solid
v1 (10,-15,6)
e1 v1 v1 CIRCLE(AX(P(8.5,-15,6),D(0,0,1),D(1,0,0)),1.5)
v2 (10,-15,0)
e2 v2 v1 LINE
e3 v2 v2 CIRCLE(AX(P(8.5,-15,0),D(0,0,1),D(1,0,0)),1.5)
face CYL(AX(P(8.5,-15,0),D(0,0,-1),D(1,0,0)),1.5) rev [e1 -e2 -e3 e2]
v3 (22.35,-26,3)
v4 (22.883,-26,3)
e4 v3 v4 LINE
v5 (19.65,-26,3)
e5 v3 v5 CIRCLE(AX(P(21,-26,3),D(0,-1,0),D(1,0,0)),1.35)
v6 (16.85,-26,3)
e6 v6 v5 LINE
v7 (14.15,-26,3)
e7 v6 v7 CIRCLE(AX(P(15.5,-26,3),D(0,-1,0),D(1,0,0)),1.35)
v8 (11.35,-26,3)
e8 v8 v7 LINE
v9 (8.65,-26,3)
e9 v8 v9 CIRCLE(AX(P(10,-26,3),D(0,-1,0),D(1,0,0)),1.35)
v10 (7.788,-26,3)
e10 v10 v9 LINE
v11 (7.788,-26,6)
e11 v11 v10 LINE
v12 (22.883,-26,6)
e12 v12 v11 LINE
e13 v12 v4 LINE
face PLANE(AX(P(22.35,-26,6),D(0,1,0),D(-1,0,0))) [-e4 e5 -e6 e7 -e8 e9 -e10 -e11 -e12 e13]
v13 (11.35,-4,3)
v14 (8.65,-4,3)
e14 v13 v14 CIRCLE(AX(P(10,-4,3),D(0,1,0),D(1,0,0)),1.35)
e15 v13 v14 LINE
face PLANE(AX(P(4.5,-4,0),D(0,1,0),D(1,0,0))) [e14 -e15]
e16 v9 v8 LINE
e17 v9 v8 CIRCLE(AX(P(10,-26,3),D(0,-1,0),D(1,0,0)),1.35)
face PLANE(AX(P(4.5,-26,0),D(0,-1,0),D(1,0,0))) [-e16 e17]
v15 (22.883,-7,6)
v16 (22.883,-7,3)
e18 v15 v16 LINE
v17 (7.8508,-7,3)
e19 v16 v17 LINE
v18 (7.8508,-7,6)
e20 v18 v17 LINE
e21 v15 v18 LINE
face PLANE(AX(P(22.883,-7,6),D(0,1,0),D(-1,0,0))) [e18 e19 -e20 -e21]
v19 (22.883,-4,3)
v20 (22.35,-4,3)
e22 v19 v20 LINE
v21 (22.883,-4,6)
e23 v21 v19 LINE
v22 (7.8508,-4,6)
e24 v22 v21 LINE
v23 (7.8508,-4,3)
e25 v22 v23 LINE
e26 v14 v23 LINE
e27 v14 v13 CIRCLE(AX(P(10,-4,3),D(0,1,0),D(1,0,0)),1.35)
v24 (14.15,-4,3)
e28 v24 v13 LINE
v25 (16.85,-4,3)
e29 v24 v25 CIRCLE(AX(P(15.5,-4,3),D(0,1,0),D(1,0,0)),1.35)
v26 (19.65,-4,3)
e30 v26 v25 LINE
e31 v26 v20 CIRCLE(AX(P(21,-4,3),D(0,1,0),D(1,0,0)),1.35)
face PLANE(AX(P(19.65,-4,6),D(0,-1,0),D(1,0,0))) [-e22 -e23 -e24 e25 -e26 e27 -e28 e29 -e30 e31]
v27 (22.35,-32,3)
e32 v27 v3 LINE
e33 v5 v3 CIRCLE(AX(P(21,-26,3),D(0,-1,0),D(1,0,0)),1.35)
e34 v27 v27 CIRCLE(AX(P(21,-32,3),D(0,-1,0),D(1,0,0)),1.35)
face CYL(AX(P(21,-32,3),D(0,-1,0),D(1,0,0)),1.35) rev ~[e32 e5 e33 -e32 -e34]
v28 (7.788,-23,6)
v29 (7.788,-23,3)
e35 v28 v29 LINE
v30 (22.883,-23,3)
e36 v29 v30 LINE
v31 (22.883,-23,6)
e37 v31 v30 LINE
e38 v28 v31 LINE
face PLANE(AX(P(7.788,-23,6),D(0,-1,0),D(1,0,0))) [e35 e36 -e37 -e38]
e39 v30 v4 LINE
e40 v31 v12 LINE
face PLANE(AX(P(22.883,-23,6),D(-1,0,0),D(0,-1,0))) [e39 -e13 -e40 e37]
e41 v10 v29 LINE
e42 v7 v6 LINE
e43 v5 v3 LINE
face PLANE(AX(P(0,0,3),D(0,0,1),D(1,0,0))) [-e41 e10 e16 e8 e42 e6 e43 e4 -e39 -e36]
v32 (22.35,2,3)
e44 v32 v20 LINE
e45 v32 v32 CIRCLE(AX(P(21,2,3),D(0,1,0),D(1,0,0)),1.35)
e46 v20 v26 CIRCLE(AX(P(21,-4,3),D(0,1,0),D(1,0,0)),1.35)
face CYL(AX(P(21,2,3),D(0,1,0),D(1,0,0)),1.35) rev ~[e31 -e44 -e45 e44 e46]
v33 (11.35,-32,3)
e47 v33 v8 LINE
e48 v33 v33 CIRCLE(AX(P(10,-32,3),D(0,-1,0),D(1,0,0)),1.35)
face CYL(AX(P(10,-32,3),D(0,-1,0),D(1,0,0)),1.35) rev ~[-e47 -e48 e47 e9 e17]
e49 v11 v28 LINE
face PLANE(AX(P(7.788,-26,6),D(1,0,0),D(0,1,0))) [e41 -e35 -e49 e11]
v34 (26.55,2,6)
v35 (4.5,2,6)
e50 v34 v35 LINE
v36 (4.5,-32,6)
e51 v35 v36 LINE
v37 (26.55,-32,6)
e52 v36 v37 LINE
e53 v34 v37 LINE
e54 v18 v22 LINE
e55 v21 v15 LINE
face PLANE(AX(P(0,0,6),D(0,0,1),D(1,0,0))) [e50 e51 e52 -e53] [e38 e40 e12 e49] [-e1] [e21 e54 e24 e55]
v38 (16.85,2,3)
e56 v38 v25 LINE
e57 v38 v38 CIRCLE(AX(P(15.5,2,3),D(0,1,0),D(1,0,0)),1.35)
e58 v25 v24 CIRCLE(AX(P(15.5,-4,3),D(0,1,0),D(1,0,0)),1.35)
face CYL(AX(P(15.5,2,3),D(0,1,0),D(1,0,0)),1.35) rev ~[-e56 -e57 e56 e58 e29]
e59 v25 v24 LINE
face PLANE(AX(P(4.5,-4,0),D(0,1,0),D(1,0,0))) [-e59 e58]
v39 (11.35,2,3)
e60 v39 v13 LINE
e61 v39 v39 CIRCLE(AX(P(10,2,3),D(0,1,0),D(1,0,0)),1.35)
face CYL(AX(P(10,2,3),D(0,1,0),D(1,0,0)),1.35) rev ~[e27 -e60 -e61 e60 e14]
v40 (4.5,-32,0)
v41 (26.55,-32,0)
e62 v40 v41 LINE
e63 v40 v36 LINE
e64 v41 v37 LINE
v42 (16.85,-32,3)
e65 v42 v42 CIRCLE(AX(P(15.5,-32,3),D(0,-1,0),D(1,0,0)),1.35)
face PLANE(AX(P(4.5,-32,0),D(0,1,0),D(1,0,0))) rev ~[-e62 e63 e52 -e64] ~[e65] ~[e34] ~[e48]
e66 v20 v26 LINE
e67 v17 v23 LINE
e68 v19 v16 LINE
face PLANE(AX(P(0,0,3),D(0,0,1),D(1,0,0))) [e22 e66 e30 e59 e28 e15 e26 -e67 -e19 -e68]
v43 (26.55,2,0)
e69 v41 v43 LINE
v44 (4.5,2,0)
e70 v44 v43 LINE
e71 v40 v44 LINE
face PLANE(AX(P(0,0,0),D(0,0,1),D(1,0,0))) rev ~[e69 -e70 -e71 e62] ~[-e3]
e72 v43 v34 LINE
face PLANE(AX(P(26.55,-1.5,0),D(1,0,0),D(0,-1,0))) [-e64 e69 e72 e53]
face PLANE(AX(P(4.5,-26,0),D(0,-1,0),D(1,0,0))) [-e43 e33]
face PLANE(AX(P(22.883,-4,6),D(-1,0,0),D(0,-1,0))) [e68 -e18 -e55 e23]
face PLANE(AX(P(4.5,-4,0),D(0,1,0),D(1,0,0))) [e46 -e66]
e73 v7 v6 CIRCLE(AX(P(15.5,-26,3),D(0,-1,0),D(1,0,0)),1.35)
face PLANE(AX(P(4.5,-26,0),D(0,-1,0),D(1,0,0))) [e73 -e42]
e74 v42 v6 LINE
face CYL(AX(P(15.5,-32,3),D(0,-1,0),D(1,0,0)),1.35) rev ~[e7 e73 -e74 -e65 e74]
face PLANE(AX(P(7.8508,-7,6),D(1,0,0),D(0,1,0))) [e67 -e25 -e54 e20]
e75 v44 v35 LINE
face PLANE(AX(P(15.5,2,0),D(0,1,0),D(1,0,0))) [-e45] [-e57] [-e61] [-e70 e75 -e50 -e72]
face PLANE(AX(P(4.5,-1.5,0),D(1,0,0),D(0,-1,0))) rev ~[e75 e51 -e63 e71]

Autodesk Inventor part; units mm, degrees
ref_plane "YZ Plane" through (0, 0, 0) normal (1, 0, 0) x (0, 1, 0)
ref_plane "XZ Plane" through (0, 0, 0) normal (0, 1, 0) x (-1, 0, 0)
ref_plane "XY Plane" through (0, 0, 0) normal (0, 0, 1) x (1, 0, 0)
sketch "스케치1" plane through (0, 0, 0) normal (0, 0, 1) x (1, 0, 0)
  line L0 (28.5, 0) -> (46.5, 0) projected
  line L1 (46.5, 0) -> (46.5, -1.5) projected
  line L2 (50.5, -1.5) -> (46.5, -1.5) projected
  line L3 (50.5, 0) -> (50.5, -1.5) projected
  line L4 (50.5, 0) -> (53.1, 0) projected
  line L5 (53.1, 0) -> (53.1, 2) projected
  line L6 (0, 2) -> (53.1, 2) projected
  line L7 (0, 0) -> (0, 2) projected
  line L8 (0, 0) -> (2.5, 0) projected
  line L9 (2.5, 0) -> (2.5, -1.5) projected
  line L10 (6.5, -1.5) -> (2.5, -1.5) projected
  line L11 (6.5, 0) -> (6.5, -1.5) projected
  line L12 (6.5, 0) -> (24.5, 0) projected
  line L13 (24.5, 0) -> (24.5, -1.5) projected
  line L14 (28.5, -1.5) -> (24.5, -1.5) projected
  line L15 (28.5, 0) -> (28.5, -1.5) projected
  line L16 (8.475, -27.5) -> (6.975, -27.5) projected
  line L17 (6.975, -27.5) -> (6.975, -29.5) projected
  line L18 (6.975, -29.5) -> (2.025, -29.5) projected
  line L19 (2.025, -27.5) -> (2.025, -29.5) projected
  line L20 (2.025, -27.5) -> (0.525, -27.5) projected
  line L21 (0.525, -27.5) -> (0.525, -30) projected
  line L22 (0, -30) -> (0.525, -30) projected
  line L23 (0, -30) -> (0, -32) projected
  line L24 (0, -32) -> (53.1, -32) projected
  line L25 (53.1, -30) -> (53.1, -32) projected
  line L26 (52.475, -30) -> (53.1, -30) projected
  line L27 (52.475, -30) -> (52.475, -27.5) projected
  line L28 (52.475, -27.5) -> (50.975, -27.5) projected
  line L29 (50.975, -27.5) -> (50.975, -29.5) projected
  line L30 (50.975, -29.5) -> (46.025, -29.5) projected
  line L31 (46.025, -27.5) -> (46.025, -29.5) projected
  line L32 (46.025, -27.5) -> (44.525, -27.5) projected
  line L33 (44.525, -27.5) -> (44.525, -30) projected
  line L34 (30.475, -30) -> (44.525, -30) projected
  line L35 (30.475, -30) -> (30.475, -27.5) projected
  line L36 (30.475, -27.5) -> (28.975, -27.5) projected
  line L37 (28.975, -27.5) -> (28.975, -29.5) projected
  line L38 (28.975, -29.5) -> (24.025, -29.5) projected
  line L39 (24.025, -27.5) -> (24.025, -29.5) projected
  line L40 (24.025, -27.5) -> (22.525, -27.5) projected
  line L41 (22.525, -27.5) -> (22.525, -30) projected
  line L42 (8.475, -30) -> (22.525, -30) projected
  line L43 (8.475, -30) -> (8.475, -27.5) projected
  line L44 (48.1766, 5.1) -> (3.9234, 5.1) projected
  line L45 (29.3, 2) -> (29.3, 8)
  line L46 (3.15, 8) -> (3.15, 2)
  line L47 (1.7, -38) -> (1.7, -32)
  line L48 (29.3, -38) -> (29.3, -32)
  line L49 (15.5, 2) -> (15.5, -15)
  circle A0 centre (8.5, -15) radius 1.5 projected
  line L50 (26.55, 2) -> (26.55, -32)
  line L51 (4.5, 2) -> (4.5, -32)
  dimension "d0" = 17
extrude "돌출1" add sketch "스케치1" along normal blind 6 contours L50 L38 L39 L40 L41 L42 L43 L16 L17 L18 L51 L10 L11 L12 L13 L14 | L14 L13 L12 L49 L6 L50 | L50 L24 L51 L18 L17 L16 L43 L42 L41 L40 L39 L38 | L49 L12 L11 L10 L51 L6
sketch "스케치2" plane through (4.5, 2, 0) normal (0, 1, 0) x (1, 0, 0)
  arc A0 (22, 0) -> (22, 5.6) centre (22, 2.8) ccw projected
  line L0 (22, 5.6) -> (0, 5.6) projected
  arc A1 (0, 5.6) -> (0, 0) centre (0, 2.8) ccw projected
  line L1 (0, 0) -> (0, -6) projected
  line L2 (0, -6) -> (22, -6) projected
  line L3 (22, -6) -> (22, 0) projected
  circle A2 centre (11, -3) radius 1.35 projected
  circle A3 centre (16.5, -3) radius 1.35 projected
  circle A4 centre (0, 2.8) radius 1.35 projected
  circle A5 centre (22, 2.8) radius 1.35 projected
  circle A6 centre (5.5, -3) radius 1.35 projected
  point P0 (-4.5, 0)
extrude "돌출2" cut sketch "스케치2" against normal blind 6 contours A2 | A3 | A6
sketch "스케치3" plane through (4.5, -32, 0) normal (0, -1, 0) x (1, 0, 0)
  arc A0 (22, -5.6) -> (22, 0) centre (22, -2.8) ccw projected
  line L0 (22, 6) -> (22, 0) projected
  line L1 (0, 6) -> (22, 6) projected
  line L2 (0, 0) -> (0, 6) projected
  arc A1 (0, 0) -> (0, -5.6) centre (0, -2.8) ccw projected
  line L3 (22, -5.6) -> (0, -5.6) projected
  circle A2 centre (11, 3) radius 1.35 projected
  circle A3 centre (16.5, 3) radius 1.35 projected
  circle A4 centre (0, -2.8) radius 1.35 projected
  circle A5 centre (22, -2.8) radius 1.35 projected
  circle A6 centre (5.5, 3) radius 1.35 projected
  point P0 (-4.5, 0)
extrude "돌출3" cut sketch "스케치3" against normal blind 6 contours A2 | A3 | A6
sketch "스케치4" plane through (0, 0, 6) normal (0, 0, 1) x (1, 0, 0)
  line L0 (19.65, -4) -> (22.35, -4) projected
  line L1 (14.15, -4) -> (16.85, -4) projected
  line L2 (8.65, -4) -> (11.35, -4) projected
  line L3 (22.35, -26) -> (19.65, -26) projected
  line L4 (16.85, -26) -> (14.15, -26) projected
  line L5 (11.35, -26) -> (8.65, -26) projected
  line L6 (22.883, -4) -> (22.883, -7)
  line L7 (22.883, -7) -> (7.8508, -7)
  line L8 (7.8508, -7) -> (7.8508, -4)
  line L9 (7.8508, -4) -> (22.883, -4)
  line L10 (22.883, -23) -> (22.883, -26)
  line L11 (22.883, -26) -> (7.788, -26)
  line L12 (7.788, -26) -> (7.788, -23)
  line L13 (7.788, -23) -> (22.883, -23)
  line L14 (8.65, -32) -> (8.65, -26) projected
  line L15 (8.65, 2) -> (8.65, -4) projected
  point P0 (0, 0)
  dimension "d7" = 3
  dimension "d8" = 3
extrude "돌출4" cut sketch "스케치4" against normal blind 3
properties part number "_adle_adt_2"
